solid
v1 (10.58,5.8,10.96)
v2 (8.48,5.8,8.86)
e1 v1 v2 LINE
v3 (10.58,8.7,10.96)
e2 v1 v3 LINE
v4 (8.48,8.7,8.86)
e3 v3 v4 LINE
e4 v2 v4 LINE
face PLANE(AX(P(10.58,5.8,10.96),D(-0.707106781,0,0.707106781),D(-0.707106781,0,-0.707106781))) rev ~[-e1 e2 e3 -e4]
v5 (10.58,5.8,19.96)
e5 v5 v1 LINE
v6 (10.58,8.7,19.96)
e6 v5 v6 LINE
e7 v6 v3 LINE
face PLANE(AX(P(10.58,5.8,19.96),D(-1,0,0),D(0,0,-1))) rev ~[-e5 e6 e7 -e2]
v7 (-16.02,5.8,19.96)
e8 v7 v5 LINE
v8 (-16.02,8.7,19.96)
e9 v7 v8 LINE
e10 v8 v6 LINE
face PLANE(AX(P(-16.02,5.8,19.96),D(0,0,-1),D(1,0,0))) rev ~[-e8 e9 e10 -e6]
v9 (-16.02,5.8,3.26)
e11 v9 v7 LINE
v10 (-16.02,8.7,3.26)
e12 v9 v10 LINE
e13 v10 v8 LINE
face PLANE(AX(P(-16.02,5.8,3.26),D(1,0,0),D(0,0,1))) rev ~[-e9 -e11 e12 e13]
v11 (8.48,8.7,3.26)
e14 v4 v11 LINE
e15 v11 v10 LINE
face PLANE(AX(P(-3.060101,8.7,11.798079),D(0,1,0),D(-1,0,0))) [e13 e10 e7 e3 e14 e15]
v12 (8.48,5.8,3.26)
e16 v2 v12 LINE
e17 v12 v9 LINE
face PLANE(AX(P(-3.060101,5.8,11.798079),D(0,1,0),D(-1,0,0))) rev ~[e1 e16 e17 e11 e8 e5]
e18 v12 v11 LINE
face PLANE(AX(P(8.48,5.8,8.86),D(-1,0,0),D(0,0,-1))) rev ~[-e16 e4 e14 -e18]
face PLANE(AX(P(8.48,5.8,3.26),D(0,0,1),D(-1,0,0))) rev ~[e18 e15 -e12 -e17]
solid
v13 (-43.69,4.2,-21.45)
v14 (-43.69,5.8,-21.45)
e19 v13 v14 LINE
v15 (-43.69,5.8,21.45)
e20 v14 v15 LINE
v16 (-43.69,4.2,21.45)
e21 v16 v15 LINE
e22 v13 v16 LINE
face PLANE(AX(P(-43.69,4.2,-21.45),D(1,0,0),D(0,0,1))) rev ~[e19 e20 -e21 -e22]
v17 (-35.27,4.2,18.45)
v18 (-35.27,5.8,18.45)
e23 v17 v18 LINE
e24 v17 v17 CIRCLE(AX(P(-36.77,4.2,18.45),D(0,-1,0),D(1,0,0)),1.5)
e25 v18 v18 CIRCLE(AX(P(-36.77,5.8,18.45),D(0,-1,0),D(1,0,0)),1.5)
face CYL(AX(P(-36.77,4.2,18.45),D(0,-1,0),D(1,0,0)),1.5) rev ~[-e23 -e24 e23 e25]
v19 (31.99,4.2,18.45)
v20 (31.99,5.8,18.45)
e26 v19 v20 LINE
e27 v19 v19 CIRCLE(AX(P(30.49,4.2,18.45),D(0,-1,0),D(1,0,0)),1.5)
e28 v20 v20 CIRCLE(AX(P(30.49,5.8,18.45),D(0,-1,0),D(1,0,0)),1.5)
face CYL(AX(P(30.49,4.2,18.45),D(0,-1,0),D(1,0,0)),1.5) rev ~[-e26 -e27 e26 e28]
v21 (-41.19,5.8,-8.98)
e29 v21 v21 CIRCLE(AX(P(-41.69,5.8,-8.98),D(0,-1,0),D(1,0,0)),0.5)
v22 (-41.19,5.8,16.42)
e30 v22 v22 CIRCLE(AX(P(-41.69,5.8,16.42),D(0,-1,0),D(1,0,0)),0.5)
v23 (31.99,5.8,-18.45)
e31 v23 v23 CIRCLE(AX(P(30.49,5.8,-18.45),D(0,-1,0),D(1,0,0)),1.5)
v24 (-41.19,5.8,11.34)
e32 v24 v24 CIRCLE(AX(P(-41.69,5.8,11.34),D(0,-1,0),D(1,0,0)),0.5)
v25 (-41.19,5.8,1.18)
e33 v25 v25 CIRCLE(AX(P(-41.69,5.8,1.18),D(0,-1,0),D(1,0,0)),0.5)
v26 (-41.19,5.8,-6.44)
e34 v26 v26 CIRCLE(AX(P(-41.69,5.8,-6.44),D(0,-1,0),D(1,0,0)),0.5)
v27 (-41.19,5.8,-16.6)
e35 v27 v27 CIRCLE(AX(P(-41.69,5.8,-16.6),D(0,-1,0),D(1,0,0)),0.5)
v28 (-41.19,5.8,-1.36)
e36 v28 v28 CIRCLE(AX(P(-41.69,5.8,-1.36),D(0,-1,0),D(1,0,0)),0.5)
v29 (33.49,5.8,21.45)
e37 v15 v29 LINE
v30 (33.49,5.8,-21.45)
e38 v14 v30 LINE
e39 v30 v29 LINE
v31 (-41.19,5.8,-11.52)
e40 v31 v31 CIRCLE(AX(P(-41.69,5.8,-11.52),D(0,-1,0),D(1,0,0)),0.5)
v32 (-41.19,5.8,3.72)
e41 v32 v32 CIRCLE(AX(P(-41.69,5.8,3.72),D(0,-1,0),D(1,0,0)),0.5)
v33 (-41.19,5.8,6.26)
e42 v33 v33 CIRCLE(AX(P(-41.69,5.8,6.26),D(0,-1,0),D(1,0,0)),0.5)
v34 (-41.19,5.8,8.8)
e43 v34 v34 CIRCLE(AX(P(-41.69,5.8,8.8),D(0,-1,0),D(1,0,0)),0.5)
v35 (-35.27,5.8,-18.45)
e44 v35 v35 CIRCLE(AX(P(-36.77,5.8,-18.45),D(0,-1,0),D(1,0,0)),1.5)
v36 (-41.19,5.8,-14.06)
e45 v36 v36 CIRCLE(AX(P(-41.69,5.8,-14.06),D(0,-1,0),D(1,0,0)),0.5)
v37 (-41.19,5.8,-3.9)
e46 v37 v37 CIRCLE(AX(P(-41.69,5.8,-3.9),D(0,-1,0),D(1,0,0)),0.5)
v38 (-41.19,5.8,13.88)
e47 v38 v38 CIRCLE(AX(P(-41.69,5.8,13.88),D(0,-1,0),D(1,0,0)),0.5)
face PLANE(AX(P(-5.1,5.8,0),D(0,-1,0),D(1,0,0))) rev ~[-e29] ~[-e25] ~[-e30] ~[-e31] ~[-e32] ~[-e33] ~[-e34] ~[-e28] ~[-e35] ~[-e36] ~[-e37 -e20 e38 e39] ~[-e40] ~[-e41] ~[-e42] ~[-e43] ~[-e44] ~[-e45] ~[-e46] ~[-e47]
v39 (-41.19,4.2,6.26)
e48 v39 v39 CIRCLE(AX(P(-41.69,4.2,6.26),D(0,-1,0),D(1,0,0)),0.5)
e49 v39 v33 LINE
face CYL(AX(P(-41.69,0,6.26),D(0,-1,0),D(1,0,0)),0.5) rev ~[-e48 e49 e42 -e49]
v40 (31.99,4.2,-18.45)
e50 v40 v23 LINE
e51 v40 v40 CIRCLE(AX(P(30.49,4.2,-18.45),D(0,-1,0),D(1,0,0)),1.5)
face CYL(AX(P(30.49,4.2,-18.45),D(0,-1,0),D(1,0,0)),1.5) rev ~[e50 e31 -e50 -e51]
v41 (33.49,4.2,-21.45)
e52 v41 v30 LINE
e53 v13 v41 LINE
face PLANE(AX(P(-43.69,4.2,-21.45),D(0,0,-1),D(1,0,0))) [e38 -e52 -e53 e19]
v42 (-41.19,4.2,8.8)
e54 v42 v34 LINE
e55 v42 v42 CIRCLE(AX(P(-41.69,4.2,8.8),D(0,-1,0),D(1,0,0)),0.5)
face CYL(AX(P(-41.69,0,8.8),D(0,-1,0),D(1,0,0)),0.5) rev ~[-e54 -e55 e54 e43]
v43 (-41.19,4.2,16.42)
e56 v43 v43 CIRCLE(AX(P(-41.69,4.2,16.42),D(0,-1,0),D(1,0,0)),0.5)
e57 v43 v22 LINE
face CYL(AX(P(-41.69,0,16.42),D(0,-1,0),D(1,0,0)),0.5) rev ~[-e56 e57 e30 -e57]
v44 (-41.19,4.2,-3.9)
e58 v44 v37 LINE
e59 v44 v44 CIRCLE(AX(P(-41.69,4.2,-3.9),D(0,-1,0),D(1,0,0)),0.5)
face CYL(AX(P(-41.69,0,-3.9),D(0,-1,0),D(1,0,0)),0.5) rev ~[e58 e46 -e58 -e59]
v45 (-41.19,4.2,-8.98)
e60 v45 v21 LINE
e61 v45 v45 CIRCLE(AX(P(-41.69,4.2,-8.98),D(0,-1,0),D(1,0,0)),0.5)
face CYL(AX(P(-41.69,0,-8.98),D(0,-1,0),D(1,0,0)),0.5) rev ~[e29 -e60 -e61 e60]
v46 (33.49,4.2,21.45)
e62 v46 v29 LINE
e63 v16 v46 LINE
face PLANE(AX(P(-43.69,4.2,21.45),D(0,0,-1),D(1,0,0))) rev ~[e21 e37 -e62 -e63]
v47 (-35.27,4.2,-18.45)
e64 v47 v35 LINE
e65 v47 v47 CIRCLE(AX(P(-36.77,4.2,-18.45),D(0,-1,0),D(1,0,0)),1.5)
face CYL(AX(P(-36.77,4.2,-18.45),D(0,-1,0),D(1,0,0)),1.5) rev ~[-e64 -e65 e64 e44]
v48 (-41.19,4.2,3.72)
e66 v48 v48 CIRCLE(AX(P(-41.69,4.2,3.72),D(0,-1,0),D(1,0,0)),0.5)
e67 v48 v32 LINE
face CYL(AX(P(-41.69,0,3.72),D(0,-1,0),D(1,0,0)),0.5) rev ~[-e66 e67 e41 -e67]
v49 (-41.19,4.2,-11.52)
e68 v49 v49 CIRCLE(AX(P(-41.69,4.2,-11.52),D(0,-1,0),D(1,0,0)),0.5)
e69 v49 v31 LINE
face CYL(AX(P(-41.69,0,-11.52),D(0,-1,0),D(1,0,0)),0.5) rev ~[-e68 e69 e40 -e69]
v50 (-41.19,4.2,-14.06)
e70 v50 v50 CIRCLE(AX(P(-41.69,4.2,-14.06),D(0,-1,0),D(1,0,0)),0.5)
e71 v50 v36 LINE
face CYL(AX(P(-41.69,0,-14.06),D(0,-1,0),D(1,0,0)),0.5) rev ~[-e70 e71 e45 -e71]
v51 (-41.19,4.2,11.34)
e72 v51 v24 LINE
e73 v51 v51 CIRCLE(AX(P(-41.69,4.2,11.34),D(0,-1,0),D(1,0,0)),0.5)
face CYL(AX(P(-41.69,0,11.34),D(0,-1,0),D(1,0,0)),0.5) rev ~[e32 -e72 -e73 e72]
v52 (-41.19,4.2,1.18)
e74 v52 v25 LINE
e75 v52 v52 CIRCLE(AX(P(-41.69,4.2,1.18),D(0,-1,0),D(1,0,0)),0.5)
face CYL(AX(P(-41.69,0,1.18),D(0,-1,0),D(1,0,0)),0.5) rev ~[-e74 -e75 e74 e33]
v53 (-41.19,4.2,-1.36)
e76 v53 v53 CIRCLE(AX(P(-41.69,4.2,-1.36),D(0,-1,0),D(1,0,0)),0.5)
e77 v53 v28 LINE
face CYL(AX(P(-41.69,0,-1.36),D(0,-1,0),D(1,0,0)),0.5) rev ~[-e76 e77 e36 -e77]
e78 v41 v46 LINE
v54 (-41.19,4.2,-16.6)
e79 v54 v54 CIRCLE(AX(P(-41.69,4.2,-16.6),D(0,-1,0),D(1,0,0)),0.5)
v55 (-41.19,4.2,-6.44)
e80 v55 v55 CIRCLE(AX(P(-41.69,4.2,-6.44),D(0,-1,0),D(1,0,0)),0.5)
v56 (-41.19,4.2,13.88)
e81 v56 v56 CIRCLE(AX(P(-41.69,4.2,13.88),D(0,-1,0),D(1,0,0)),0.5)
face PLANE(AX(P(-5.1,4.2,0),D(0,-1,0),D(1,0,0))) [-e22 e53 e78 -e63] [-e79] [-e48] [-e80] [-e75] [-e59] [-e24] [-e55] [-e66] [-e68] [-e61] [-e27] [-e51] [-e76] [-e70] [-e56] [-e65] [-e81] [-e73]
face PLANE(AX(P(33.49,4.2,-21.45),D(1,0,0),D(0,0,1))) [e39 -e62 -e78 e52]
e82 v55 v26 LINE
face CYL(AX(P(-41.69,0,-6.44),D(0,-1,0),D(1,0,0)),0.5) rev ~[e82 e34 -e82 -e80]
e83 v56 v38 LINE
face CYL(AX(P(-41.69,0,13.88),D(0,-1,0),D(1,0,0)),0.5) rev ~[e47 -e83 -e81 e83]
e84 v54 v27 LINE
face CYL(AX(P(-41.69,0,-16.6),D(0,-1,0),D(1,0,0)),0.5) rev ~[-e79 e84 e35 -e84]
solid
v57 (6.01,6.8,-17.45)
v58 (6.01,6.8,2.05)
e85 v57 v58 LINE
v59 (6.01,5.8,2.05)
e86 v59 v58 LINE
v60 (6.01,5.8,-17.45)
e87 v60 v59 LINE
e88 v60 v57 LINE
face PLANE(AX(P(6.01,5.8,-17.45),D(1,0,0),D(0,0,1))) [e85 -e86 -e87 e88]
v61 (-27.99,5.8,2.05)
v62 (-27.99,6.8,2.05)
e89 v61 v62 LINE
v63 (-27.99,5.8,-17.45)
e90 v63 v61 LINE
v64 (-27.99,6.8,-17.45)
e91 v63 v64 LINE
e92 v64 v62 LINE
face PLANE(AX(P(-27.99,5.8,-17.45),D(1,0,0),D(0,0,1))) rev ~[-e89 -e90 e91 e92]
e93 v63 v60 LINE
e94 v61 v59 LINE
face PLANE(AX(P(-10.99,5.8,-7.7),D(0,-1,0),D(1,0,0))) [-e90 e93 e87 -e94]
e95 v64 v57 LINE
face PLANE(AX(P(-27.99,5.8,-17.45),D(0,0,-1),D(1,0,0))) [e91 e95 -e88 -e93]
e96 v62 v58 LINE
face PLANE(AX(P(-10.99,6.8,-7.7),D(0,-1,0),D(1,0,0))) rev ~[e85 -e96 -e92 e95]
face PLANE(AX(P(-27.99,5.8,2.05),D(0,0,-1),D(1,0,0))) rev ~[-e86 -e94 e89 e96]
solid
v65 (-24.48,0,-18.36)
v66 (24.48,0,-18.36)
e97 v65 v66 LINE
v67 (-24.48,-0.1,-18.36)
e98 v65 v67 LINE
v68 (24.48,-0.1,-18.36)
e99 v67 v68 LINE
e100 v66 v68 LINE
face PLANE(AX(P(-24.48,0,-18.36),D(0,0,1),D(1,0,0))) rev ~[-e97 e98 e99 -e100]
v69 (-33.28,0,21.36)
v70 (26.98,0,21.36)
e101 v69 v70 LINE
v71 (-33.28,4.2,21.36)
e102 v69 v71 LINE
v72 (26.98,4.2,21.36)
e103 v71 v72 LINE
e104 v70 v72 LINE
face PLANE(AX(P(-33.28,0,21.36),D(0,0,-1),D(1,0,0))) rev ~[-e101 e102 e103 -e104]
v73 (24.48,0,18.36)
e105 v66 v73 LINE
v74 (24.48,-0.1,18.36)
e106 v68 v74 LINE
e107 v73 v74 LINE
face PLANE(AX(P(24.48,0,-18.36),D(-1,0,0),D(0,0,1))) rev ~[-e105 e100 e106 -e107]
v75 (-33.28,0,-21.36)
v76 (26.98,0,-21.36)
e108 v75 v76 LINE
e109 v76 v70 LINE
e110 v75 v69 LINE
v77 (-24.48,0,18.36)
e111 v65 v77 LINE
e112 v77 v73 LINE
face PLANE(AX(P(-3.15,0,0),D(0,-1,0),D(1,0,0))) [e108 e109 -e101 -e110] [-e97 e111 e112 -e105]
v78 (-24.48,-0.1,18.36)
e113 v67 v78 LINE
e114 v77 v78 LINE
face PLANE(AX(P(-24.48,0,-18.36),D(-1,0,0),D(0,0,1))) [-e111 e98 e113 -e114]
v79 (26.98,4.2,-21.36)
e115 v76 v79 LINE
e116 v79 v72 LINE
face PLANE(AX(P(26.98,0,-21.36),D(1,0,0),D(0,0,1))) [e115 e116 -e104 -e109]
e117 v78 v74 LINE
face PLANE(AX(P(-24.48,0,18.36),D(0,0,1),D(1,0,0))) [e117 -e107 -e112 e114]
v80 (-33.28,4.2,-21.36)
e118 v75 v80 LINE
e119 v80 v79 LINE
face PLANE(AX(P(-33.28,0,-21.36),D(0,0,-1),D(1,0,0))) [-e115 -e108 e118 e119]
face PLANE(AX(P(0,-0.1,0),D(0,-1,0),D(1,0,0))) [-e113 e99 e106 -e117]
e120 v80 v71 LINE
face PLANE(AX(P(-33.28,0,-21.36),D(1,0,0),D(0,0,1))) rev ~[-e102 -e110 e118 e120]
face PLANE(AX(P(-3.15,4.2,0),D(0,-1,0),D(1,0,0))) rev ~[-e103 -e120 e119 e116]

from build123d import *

# Parameters (mm, degrees)
SKETCH_W            = 60.26
SKETCH_H            = 42.72
PAD_DEPTH           = 4.2
SKETCH001_W         = 48.96
SKETCH001_H         = 36.72
PAD001_DEPTH        = 0.1
SKETCH002_W         = 77.18
SKETCH002_H         = 42.9
SKETCH002_R         = 1.5
PAD002_DEPTH        = 1.6
SKETCH004_R         = 0.5
POCKET_DEPTH        = 5.801
POCKET_DEPTH_BACK   = -0.001
LINEARPATTERN_COUNT = 14
LINEARPATTERN_PITCH = 2.54
PAD003_DEPTH        = 2.9
SKETCH010_W         = 34
SKETCH010_H         = 19.5
PAD004_DEPTH        = 1


with BuildPart() as glass:
    # Sketch → Pad (new body)
    with BuildSketch(Plane.XZ):
        with Locations((-3.15, 0)):
            Rectangle(SKETCH_W, SKETCH_H)
    extrude(amount=-PAD_DEPTH)

    # Sketch001 → Pad001 (join)
    with BuildSketch(Plane.XZ):
        Rectangle(SKETCH001_W, SKETCH001_H)
    extrude(amount=PAD001_DEPTH)


with BuildPart() as pcb:
    # Sketch002 → Pad002 (new body)
    with BuildSketch(Plane.XZ.offset(-4.2)):
        with Locations((-5.1, 0)):
            Rectangle(SKETCH002_W, SKETCH002_H)
        with Locations((30.49, 18.45)):
            Circle(SKETCH002_R, mode=Mode.SUBTRACT)
        with Locations((30.49, -18.45)):
            Circle(SKETCH002_R, mode=Mode.SUBTRACT)
        with Locations((-36.77, -18.45)):
            Circle(SKETCH002_R, mode=Mode.SUBTRACT)
        with Locations((-36.77, 18.45)):
            Circle(SKETCH002_R, mode=Mode.SUBTRACT)
    extrude(amount=-PAD002_DEPTH)

    # Sketch004 → Pocket (cut, two sides)
    with BuildSketch(Plane.XZ) as pocket_sk:
        with Locations((-41.69, -16.6)):
            Circle(SKETCH004_R)
    pocket = extrude(amount=-POCKET_DEPTH, mode=Mode.SUBTRACT)
    extrude(pocket_sk.sketch, amount=-POCKET_DEPTH_BACK, mode=Mode.SUBTRACT)

    # LinearPattern: Pocket ×14
    with Locations(*[(0, 0, i * LINEARPATTERN_PITCH) for i in range(1, LINEARPATTERN_COUNT)]):
        add(pocket, mode=Mode.SUBTRACT)


with BuildPart() as sd_card_slot:
    # Sketch005 → Pad003 (new body)
    with BuildSketch(Plane.XZ.offset(-5.8)):
        Polygon((-16.02, 19.96), (10.58, 19.96), (10.58, 10.96), (8.48, 8.86), (8.48, 3.26), (-16.02, 3.26), align=None)
    extrude(amount=-PAD003_DEPTH)


with BuildPart() as components:
    # Sketch010 → Pad004 (new body)
    with BuildSketch(Plane.XZ.offset(-5.8)):
        with Locations((-10.99, -7.7)):
            Rectangle(SKETCH010_W, SKETCH010_H)
    extrude(amount=-PAD004_DEPTH)


solid = Compound([glass.part, pcb.part, sd_card_slot.part, components.part])
